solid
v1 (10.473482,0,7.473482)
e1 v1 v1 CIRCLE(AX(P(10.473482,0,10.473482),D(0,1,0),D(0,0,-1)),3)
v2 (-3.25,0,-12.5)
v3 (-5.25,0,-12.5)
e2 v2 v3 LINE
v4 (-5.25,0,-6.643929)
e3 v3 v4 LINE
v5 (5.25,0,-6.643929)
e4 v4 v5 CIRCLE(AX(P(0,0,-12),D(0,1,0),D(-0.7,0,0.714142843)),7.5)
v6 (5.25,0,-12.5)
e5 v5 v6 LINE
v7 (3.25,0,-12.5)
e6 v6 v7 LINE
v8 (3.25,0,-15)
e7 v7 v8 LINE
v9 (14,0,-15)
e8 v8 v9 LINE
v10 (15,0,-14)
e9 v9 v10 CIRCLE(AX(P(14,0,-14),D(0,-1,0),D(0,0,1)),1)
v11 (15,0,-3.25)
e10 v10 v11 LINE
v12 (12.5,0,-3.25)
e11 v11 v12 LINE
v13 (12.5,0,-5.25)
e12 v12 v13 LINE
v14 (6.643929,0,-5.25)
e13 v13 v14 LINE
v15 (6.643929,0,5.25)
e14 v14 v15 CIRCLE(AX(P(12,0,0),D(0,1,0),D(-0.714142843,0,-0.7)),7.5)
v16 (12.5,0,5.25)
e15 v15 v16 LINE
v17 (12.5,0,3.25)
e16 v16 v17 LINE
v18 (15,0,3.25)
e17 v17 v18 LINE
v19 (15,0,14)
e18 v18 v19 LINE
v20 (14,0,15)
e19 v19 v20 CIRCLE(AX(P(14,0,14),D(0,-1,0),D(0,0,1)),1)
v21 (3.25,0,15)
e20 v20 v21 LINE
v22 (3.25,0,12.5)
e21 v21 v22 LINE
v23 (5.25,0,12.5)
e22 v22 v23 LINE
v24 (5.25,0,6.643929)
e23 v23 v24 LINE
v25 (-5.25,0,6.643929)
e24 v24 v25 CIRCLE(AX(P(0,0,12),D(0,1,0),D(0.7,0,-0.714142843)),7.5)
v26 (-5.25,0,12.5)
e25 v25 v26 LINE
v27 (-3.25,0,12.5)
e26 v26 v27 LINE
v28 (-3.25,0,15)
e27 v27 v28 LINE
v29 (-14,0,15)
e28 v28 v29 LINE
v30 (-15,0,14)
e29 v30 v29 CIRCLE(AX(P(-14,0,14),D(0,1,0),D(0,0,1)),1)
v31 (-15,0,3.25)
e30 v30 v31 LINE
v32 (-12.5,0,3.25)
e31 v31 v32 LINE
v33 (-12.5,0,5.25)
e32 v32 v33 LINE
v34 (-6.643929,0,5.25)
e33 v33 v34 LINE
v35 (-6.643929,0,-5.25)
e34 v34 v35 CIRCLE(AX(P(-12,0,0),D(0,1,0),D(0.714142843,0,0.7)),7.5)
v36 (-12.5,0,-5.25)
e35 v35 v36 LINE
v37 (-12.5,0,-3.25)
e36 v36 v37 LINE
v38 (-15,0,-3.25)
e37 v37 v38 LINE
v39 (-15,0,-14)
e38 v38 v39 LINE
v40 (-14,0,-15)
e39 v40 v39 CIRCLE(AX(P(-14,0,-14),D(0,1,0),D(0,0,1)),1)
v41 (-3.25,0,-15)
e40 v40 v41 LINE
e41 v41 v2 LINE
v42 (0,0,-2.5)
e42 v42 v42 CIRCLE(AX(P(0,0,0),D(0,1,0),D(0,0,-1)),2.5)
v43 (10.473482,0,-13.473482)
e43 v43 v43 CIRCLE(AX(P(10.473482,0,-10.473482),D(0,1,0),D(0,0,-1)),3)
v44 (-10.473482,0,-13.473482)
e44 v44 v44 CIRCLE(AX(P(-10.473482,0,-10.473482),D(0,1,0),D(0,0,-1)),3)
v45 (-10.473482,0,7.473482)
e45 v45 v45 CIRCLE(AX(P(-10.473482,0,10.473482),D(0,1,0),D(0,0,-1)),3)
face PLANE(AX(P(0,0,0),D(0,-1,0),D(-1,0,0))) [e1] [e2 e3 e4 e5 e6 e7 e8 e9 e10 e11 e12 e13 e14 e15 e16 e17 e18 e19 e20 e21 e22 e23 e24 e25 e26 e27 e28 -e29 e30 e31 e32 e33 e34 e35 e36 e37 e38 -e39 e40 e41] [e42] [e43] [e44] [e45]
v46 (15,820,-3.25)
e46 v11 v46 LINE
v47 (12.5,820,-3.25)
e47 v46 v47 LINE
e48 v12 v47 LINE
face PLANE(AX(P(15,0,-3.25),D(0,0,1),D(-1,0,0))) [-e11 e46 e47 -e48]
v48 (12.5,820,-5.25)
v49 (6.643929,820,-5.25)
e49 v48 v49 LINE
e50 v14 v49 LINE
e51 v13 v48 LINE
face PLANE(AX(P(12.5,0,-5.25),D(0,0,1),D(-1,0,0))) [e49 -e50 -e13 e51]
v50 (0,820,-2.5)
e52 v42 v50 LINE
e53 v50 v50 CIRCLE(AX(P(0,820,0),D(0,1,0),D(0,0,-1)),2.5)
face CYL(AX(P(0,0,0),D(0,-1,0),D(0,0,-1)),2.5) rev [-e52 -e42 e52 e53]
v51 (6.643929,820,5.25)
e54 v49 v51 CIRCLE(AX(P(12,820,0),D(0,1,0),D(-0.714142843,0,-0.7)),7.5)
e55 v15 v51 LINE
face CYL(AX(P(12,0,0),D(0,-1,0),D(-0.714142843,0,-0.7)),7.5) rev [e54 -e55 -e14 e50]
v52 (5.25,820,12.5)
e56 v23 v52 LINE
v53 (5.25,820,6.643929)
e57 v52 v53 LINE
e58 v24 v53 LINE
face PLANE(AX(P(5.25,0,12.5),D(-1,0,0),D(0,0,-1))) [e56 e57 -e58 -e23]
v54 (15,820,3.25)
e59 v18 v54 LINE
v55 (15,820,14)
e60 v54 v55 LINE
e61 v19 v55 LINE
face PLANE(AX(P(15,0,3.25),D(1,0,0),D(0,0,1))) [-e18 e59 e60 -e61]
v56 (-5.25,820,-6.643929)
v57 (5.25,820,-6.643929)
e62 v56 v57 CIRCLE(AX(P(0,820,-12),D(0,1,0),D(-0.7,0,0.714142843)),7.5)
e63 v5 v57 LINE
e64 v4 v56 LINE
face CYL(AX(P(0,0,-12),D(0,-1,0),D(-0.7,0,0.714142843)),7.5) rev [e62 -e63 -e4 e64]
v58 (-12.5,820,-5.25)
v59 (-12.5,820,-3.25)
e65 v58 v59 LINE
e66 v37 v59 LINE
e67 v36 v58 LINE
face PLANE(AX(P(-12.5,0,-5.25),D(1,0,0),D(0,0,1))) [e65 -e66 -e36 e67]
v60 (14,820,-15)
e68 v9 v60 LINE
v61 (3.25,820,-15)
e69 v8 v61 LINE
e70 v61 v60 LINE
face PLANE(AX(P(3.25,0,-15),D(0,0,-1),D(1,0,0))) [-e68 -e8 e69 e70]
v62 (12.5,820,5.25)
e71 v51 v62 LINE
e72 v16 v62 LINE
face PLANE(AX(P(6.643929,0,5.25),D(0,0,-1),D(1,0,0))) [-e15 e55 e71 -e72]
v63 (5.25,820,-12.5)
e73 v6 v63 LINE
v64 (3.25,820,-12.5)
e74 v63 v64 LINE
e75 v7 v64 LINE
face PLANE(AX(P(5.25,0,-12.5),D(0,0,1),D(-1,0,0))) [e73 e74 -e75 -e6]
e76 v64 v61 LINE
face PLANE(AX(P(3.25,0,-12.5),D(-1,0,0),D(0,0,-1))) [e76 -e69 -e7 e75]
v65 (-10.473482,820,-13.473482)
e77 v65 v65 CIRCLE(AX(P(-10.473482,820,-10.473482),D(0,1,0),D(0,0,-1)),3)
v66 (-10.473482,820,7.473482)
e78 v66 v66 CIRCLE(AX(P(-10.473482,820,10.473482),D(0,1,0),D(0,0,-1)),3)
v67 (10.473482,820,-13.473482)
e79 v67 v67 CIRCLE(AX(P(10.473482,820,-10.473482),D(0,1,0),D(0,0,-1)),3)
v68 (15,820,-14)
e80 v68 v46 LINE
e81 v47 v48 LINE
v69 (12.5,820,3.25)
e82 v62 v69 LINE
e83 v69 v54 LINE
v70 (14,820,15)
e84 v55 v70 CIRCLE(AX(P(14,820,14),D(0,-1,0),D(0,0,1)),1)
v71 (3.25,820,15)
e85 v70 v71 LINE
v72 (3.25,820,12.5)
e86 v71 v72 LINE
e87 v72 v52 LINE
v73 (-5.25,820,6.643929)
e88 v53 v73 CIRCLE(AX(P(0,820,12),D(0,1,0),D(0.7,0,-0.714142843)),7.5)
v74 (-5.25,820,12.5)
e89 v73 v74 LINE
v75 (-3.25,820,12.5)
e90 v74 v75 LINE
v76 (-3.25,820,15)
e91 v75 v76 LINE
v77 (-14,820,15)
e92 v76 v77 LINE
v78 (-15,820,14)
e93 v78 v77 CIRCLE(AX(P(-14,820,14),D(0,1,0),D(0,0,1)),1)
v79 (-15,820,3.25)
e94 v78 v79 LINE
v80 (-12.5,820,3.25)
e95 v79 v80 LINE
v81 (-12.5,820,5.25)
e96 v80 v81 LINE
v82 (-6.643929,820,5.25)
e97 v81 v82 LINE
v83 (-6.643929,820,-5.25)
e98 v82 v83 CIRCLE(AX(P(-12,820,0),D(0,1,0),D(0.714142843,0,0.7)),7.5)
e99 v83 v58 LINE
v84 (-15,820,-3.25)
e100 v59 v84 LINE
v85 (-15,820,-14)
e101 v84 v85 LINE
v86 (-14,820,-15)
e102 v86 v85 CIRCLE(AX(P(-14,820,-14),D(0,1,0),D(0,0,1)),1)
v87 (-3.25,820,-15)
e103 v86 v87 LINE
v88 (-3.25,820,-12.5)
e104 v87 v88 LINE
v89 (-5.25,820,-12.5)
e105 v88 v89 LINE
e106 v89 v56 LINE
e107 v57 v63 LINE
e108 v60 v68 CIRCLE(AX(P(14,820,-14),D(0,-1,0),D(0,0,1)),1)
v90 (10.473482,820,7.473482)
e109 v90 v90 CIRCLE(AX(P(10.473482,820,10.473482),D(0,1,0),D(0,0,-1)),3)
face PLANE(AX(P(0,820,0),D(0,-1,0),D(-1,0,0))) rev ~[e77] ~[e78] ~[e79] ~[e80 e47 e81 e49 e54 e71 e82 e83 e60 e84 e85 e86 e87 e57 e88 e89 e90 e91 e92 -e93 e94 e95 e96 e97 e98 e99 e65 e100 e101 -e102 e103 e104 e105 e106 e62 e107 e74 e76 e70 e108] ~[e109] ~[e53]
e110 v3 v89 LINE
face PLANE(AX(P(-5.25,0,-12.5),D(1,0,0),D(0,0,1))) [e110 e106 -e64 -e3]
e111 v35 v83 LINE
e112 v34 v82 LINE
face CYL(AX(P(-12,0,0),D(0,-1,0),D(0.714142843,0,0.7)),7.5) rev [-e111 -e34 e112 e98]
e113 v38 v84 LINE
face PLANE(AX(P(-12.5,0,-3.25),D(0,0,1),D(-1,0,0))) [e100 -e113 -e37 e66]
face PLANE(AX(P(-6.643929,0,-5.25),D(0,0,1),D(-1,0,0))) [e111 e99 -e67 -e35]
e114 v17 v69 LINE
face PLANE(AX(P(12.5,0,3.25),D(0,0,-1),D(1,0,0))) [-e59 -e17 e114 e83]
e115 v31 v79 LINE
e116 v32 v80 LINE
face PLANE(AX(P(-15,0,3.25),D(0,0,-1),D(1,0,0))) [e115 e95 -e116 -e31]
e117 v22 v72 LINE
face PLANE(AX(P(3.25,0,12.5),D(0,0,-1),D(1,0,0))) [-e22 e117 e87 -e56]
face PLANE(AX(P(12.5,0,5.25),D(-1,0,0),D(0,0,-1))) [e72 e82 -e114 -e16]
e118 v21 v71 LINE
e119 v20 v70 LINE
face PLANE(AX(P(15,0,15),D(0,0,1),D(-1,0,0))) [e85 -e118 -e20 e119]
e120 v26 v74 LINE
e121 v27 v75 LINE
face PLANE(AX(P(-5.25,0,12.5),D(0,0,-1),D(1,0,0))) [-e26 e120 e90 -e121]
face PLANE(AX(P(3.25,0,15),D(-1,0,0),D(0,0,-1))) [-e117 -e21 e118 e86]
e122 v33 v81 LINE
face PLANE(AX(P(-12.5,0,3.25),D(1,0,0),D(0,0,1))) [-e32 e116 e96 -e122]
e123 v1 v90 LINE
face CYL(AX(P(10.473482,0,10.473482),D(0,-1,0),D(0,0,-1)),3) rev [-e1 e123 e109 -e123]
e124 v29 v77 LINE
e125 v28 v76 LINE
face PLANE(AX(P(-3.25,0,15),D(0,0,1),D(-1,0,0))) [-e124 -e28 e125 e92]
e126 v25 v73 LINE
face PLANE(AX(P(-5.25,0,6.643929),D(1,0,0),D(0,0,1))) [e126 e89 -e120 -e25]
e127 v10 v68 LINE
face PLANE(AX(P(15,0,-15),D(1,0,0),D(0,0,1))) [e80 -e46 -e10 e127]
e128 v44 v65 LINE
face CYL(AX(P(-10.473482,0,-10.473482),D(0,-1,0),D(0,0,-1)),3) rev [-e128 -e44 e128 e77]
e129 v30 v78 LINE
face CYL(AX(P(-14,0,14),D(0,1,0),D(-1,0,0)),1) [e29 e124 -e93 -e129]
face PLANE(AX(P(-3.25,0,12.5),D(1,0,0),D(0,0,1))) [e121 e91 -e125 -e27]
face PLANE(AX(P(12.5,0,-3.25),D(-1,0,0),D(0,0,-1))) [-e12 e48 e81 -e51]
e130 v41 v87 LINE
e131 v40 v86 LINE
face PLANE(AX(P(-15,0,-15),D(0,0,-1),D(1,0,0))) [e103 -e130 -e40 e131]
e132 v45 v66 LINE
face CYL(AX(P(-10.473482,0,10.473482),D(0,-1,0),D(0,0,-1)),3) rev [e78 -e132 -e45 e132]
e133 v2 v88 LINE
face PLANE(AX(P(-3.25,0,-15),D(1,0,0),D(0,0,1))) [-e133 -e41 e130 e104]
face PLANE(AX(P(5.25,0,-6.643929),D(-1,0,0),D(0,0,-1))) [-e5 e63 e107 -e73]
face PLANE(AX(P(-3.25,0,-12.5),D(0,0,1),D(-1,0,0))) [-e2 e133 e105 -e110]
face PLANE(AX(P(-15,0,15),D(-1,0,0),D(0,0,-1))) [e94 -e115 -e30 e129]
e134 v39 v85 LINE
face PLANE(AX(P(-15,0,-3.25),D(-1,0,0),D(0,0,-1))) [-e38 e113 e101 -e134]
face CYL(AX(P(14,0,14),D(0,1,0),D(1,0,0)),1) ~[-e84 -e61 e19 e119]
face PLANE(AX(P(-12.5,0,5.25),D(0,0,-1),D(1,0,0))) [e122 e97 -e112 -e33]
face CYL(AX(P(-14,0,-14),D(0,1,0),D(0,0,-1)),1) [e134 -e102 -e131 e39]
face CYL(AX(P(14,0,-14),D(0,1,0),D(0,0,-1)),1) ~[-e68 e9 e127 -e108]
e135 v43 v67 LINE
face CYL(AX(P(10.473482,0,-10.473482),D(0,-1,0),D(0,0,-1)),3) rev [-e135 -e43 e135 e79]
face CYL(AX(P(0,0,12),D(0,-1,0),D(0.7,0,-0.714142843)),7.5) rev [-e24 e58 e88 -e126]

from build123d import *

# Parameters (mm, degrees)
SKETCH_1_R      = 2.5
SKETCH_1_R_2    = 3
EXTRUDE_1_DEPTH = 820
FILLET_1_R      = 1


with BuildPart() as part:
    # 草圖1 → 填料-伸長1 (new body)
    with BuildSketch(Plane(origin=(0, 0, 0), x_dir=(1, 0, 0), z_dir=(0, 1, 0))):
        with BuildLine():
            Line((5.25, 6.643928679), (5.25, 12.5))
            Line((5.25, 12.5), (3.25, 12.5))
            Line((3.25, 12.5), (3.25, 15))
            Line((3.25, 15), (15, 15))
            Line((15, 15), (15, 3.25))
            Line((15, 3.25), (12.5, 3.25))
            Line((12.5, 3.25), (12.5, 5.25))
            Line((12.5, 5.25), (6.643928679, 5.25))
            ThreePointArc((6.643928679, 5.25), (4.5, 0), (6.643928679, -5.25))
            Line((6.643928679, -5.25), (12.5, -5.25))
            Line((12.5, -5.25), (12.5, -3.25))
            Line((12.5, -3.25), (15, -3.25))
            Line((15, -3.25), (15, -15))
            Line((15, -15), (3.25, -15))
            Line((3.25, -15), (3.25, -12.5))
            Line((3.25, -12.5), (5.25, -12.5))
            Line((5.25, -12.5), (5.25, -6.643928679))
            ThreePointArc((5.25, -6.643928679), (0, -4.5), (-5.25, -6.643928679))
            Line((-5.25, -6.643928679), (-5.25, -12.5))
            Line((-5.25, -12.5), (-3.25, -12.5))
            Line((-3.25, -12.5), (-3.25, -15))
            Line((-3.25, -15), (-15, -15))
            Line((-15, -15), (-15, -3.25))
            Line((-15, -3.25), (-12.5, -3.25))
            Line((-12.5, -3.25), (-12.5, -5.25))
            Line((-12.5, -5.25), (-6.643928679, -5.25))
            ThreePointArc((-6.643928679, -5.25), (-4.5, 0), (-6.643928679, 5.25))
            Line((-6.643928679, 5.25), (-12.5, 5.25))
            Line((-12.5, 5.25), (-12.5, 3.25))
            Line((-12.5, 3.25), (-15, 3.25))
            Line((-15, 3.25), (-15, 15))
            Line((-15, 15), (-3.25, 15))
            Line((-3.25, 15), (-3.25, 12.5))
            Line((-3.25, 12.5), (-5.25, 12.5))
            Line((-5.25, 12.5), (-5.25, 6.643928679))
            ThreePointArc((-5.25, 6.643928679), (0, 4.5), (5.25, 6.643928679))
        make_face()
        with Locations(Location((0, 0, 0), (0, 0, 90))):
            Circle(SKETCH_1_R, mode=Mode.SUBTRACT)
        with Locations(Location((10.47348217, 10.47348217, 0), (0, 0, 90))):
            Circle(SKETCH_1_R_2, mode=Mode.SUBTRACT)
        with Locations(Location((-10.47348217, 10.47348217, 0), (0, 0, 90))):
            Circle(SKETCH_1_R_2, mode=Mode.SUBTRACT)
        with Locations(Location((-10.47348217, -10.47348217, 0), (0, 0, 90))):
            Circle(SKETCH_1_R_2, mode=Mode.SUBTRACT)
        with Locations(Location((10.47348217, -10.47348217, 0), (0, 0, 90))):
            Circle(SKETCH_1_R_2, mode=Mode.SUBTRACT)
    extrude(amount=EXTRUDE_1_DEPTH)

    # 圓角1
    fillet_1_edges = [part.edges().sort_by_distance(p)[0] for p in [
        (-15, 410, -15),
        (15, 410, -15),
        (15, 410, 15),
        (-15, 410, 15),
    ]]
    fillet(fillet_1_edges, radius=FILLET_1_R)


solid = part.part
